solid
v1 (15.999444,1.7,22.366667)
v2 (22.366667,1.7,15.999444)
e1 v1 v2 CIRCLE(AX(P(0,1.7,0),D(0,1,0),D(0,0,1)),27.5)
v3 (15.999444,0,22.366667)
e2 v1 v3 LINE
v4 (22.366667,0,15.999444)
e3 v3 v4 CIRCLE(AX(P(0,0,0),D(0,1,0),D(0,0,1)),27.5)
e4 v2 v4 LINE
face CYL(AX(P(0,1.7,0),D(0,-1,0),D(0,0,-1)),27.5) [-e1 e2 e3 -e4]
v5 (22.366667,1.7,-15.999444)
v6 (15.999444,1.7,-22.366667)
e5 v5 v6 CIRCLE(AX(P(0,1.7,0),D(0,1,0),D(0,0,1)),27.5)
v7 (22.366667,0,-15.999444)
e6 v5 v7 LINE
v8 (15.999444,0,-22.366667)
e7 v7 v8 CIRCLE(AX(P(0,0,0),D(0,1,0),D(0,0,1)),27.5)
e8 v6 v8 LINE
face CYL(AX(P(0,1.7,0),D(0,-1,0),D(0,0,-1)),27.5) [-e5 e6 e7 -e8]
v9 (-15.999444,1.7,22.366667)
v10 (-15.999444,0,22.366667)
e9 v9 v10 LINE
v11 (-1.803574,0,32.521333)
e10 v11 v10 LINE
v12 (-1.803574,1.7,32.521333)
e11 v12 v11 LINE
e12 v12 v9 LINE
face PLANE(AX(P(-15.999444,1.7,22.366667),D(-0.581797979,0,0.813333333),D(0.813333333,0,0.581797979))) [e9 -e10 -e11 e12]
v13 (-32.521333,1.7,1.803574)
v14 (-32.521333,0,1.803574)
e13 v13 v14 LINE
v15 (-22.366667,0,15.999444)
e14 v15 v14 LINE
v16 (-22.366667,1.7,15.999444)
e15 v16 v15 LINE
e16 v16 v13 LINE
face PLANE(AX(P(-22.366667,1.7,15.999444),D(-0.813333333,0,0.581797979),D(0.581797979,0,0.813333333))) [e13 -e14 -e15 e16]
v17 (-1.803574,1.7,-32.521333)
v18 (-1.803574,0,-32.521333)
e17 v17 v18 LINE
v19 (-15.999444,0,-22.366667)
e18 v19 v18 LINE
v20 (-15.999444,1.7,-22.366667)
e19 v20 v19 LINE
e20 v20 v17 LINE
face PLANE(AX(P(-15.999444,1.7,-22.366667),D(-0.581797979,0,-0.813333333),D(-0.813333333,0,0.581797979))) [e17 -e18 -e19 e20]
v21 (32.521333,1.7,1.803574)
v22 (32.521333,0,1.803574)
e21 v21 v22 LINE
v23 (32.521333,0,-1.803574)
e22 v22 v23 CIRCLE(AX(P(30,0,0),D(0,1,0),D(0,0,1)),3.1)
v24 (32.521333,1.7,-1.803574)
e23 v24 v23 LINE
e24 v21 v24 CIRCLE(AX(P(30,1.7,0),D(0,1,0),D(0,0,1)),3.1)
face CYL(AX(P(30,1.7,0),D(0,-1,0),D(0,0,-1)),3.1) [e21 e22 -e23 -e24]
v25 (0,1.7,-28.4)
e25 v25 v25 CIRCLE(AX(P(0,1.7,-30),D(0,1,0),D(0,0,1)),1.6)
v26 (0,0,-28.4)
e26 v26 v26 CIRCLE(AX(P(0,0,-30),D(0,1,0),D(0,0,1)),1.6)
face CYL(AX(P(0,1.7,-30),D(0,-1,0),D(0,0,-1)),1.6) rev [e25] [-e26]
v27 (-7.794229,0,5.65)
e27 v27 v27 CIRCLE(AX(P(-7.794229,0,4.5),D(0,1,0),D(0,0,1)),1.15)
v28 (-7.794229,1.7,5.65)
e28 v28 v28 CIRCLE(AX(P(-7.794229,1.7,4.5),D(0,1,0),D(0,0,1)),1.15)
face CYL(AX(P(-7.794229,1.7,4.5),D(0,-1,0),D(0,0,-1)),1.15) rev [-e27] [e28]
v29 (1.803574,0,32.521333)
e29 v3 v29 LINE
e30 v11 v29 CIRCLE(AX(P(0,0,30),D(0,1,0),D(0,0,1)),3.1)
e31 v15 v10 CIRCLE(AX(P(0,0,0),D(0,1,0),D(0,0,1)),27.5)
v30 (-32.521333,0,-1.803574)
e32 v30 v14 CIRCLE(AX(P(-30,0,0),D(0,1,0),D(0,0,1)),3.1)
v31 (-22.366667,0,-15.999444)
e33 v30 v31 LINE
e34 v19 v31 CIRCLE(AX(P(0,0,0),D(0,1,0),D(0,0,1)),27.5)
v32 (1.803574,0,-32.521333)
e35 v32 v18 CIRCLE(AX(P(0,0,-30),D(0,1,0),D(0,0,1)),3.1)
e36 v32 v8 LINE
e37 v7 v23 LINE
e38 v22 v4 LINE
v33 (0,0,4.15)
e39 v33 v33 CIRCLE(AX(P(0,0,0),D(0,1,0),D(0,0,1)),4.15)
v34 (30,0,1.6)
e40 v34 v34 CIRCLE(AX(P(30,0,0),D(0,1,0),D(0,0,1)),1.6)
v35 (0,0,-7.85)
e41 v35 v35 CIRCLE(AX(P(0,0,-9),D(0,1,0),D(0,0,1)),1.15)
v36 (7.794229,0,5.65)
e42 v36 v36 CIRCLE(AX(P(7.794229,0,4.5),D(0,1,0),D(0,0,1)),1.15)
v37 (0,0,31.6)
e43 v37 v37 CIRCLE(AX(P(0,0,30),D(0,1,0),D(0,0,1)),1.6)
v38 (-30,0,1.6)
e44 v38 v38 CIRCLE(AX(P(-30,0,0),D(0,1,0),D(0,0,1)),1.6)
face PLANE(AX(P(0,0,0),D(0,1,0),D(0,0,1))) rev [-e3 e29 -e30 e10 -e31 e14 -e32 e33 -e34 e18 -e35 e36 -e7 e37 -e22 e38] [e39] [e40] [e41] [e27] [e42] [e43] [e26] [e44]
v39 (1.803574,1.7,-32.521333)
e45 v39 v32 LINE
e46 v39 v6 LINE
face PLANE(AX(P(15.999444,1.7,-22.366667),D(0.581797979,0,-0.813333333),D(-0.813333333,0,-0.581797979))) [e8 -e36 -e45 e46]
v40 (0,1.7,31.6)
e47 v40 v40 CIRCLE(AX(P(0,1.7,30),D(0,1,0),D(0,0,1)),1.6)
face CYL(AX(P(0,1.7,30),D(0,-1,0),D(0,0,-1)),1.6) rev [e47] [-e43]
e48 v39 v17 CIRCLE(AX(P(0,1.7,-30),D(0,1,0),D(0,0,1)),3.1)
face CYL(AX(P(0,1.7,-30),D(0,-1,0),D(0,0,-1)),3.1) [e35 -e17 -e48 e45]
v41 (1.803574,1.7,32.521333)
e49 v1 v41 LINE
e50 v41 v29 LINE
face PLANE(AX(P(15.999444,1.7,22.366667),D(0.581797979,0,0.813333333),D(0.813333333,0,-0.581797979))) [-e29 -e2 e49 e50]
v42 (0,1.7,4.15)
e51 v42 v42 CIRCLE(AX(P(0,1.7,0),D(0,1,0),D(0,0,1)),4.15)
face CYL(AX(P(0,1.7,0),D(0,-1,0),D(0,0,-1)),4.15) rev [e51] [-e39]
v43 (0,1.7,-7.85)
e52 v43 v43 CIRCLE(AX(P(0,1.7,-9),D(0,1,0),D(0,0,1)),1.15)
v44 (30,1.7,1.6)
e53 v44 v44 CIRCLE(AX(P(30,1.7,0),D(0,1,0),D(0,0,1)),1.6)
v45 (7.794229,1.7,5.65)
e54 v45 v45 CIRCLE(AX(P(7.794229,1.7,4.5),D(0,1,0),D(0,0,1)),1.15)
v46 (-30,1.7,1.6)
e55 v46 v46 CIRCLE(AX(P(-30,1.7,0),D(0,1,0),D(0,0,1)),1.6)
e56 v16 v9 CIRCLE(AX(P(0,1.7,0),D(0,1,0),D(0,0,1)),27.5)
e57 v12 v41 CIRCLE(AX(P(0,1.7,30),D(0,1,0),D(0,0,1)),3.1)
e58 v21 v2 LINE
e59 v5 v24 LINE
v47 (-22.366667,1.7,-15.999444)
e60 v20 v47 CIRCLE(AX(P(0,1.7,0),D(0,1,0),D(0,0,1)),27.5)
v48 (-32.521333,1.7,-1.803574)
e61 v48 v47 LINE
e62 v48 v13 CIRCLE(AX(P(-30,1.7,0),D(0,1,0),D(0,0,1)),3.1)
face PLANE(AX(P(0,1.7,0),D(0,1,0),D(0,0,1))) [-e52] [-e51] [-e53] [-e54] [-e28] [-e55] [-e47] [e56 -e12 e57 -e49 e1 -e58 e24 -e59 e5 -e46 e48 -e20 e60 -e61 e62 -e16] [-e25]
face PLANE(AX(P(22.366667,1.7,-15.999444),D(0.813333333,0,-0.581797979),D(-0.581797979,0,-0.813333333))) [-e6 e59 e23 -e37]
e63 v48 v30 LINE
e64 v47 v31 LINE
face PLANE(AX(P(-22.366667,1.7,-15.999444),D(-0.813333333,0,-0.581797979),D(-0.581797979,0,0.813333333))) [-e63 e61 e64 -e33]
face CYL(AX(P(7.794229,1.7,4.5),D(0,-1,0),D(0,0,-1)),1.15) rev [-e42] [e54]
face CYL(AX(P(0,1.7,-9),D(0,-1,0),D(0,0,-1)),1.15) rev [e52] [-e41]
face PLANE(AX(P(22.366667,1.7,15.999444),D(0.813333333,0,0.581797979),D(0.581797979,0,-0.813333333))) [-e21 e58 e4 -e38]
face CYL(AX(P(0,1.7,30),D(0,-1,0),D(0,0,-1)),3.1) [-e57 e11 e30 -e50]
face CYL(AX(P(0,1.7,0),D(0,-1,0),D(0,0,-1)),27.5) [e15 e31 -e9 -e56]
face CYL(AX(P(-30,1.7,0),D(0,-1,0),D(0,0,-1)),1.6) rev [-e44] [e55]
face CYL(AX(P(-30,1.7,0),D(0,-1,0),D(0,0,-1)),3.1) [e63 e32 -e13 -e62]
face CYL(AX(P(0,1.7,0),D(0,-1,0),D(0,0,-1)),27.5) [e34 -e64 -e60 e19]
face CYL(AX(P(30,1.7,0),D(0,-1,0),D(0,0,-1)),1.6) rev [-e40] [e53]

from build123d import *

# Parameters (mm, degrees)
SKETCH1_R           = 1.6
SKETCH1_R_2         = 1.15
SKETCH1_R_3         = 4.15
BOSS_EXTRUDE2_DEPTH = 1.7


with BuildPart() as part:
    # Sketch1 → Boss-Extrude2 (new body)
    with BuildSketch(Plane(origin=(0, 0, 0), x_dir=(1, 0, 0), z_dir=(0, 1, 0))):
        with BuildLine():
            Line((1.803573736, -32.521333333), (15.999444435, -22.366666667))
            ThreePointArc((15.999444435, -22.366666667), (19.445436483, -19.445436483), (22.366666667, -15.999444435))
            Line((22.366666667, -15.999444435), (32.521333333, -1.803573736))
            ThreePointArc((32.521333333, -1.803573736), (33.1, 0), (32.521333333, 1.803573736))
            Line((32.521333333, 1.803573736), (22.366666667, 15.999444435))
            ThreePointArc((22.366666667, 15.999444435), (19.445436483, 19.445436483), (15.999444435, 22.366666667))
            Line((15.999444435, 22.366666667), (1.803573736, 32.521333333))
            ThreePointArc((1.803573736, 32.521333333), (0, 33.1), (-1.803573736, 32.521333333))
            Line((-1.803573736, 32.521333333), (-15.999444435, 22.366666667))
            ThreePointArc((-15.999444435, 22.366666667), (-19.445436483, 19.445436483), (-22.366666667, 15.999444435))
            Line((-22.366666667, 15.999444435), (-32.521333333, 1.803573736))
            ThreePointArc((-32.521333333, 1.803573736), (-33.1, 0), (-32.521333333, -1.803573736))
            Line((-32.521333333, -1.803573736), (-22.366666667, -15.999444435))
            ThreePointArc((-22.366666667, -15.999444435), (-19.445436483, -19.445436483), (-15.999444435, -22.366666667))
            Line((-15.999444435, -22.366666667), (-1.803573736, -32.521333333))
            ThreePointArc((-1.803573736, -32.521333333), (0, -33.1), (1.803573736, -32.521333333))
        make_face()
        with Locations(Location((0, -30, 0), (0, 0, 270))):
            Circle(SKETCH1_R, mode=Mode.SUBTRACT)
        with Locations(Location((0, 9, 0), (0, 0, 270))):
            Circle(SKETCH1_R_2, mode=Mode.SUBTRACT)
        with Locations(Location((-7.794228634, -4.5, 0), (0, 0, 270))):
            Circle(SKETCH1_R_2, mode=Mode.SUBTRACT)
        with Locations(Location((7.794228634, -4.5, 0), (0, 0, 270))):
            Circle(SKETCH1_R_2, mode=Mode.SUBTRACT)
        with Locations(Location((0, 0, 0), (0, 0, 270))):
            Circle(SKETCH1_R_3, mode=Mode.SUBTRACT)
        with Locations(Location((30, 0, 0), (0, 0, 270))):
            Circle(SKETCH1_R, mode=Mode.SUBTRACT)
        with Locations(Location((-30, 0, 0), (0, 0, 270))):
            Circle(SKETCH1_R, mode=Mode.SUBTRACT)
        with Locations(Location((0, 30, 0), (0, 0, 270))):
            Circle(SKETCH1_R, mode=Mode.SUBTRACT)
    extrude(amount=BOSS_EXTRUDE2_DEPTH)


solid = part.part
